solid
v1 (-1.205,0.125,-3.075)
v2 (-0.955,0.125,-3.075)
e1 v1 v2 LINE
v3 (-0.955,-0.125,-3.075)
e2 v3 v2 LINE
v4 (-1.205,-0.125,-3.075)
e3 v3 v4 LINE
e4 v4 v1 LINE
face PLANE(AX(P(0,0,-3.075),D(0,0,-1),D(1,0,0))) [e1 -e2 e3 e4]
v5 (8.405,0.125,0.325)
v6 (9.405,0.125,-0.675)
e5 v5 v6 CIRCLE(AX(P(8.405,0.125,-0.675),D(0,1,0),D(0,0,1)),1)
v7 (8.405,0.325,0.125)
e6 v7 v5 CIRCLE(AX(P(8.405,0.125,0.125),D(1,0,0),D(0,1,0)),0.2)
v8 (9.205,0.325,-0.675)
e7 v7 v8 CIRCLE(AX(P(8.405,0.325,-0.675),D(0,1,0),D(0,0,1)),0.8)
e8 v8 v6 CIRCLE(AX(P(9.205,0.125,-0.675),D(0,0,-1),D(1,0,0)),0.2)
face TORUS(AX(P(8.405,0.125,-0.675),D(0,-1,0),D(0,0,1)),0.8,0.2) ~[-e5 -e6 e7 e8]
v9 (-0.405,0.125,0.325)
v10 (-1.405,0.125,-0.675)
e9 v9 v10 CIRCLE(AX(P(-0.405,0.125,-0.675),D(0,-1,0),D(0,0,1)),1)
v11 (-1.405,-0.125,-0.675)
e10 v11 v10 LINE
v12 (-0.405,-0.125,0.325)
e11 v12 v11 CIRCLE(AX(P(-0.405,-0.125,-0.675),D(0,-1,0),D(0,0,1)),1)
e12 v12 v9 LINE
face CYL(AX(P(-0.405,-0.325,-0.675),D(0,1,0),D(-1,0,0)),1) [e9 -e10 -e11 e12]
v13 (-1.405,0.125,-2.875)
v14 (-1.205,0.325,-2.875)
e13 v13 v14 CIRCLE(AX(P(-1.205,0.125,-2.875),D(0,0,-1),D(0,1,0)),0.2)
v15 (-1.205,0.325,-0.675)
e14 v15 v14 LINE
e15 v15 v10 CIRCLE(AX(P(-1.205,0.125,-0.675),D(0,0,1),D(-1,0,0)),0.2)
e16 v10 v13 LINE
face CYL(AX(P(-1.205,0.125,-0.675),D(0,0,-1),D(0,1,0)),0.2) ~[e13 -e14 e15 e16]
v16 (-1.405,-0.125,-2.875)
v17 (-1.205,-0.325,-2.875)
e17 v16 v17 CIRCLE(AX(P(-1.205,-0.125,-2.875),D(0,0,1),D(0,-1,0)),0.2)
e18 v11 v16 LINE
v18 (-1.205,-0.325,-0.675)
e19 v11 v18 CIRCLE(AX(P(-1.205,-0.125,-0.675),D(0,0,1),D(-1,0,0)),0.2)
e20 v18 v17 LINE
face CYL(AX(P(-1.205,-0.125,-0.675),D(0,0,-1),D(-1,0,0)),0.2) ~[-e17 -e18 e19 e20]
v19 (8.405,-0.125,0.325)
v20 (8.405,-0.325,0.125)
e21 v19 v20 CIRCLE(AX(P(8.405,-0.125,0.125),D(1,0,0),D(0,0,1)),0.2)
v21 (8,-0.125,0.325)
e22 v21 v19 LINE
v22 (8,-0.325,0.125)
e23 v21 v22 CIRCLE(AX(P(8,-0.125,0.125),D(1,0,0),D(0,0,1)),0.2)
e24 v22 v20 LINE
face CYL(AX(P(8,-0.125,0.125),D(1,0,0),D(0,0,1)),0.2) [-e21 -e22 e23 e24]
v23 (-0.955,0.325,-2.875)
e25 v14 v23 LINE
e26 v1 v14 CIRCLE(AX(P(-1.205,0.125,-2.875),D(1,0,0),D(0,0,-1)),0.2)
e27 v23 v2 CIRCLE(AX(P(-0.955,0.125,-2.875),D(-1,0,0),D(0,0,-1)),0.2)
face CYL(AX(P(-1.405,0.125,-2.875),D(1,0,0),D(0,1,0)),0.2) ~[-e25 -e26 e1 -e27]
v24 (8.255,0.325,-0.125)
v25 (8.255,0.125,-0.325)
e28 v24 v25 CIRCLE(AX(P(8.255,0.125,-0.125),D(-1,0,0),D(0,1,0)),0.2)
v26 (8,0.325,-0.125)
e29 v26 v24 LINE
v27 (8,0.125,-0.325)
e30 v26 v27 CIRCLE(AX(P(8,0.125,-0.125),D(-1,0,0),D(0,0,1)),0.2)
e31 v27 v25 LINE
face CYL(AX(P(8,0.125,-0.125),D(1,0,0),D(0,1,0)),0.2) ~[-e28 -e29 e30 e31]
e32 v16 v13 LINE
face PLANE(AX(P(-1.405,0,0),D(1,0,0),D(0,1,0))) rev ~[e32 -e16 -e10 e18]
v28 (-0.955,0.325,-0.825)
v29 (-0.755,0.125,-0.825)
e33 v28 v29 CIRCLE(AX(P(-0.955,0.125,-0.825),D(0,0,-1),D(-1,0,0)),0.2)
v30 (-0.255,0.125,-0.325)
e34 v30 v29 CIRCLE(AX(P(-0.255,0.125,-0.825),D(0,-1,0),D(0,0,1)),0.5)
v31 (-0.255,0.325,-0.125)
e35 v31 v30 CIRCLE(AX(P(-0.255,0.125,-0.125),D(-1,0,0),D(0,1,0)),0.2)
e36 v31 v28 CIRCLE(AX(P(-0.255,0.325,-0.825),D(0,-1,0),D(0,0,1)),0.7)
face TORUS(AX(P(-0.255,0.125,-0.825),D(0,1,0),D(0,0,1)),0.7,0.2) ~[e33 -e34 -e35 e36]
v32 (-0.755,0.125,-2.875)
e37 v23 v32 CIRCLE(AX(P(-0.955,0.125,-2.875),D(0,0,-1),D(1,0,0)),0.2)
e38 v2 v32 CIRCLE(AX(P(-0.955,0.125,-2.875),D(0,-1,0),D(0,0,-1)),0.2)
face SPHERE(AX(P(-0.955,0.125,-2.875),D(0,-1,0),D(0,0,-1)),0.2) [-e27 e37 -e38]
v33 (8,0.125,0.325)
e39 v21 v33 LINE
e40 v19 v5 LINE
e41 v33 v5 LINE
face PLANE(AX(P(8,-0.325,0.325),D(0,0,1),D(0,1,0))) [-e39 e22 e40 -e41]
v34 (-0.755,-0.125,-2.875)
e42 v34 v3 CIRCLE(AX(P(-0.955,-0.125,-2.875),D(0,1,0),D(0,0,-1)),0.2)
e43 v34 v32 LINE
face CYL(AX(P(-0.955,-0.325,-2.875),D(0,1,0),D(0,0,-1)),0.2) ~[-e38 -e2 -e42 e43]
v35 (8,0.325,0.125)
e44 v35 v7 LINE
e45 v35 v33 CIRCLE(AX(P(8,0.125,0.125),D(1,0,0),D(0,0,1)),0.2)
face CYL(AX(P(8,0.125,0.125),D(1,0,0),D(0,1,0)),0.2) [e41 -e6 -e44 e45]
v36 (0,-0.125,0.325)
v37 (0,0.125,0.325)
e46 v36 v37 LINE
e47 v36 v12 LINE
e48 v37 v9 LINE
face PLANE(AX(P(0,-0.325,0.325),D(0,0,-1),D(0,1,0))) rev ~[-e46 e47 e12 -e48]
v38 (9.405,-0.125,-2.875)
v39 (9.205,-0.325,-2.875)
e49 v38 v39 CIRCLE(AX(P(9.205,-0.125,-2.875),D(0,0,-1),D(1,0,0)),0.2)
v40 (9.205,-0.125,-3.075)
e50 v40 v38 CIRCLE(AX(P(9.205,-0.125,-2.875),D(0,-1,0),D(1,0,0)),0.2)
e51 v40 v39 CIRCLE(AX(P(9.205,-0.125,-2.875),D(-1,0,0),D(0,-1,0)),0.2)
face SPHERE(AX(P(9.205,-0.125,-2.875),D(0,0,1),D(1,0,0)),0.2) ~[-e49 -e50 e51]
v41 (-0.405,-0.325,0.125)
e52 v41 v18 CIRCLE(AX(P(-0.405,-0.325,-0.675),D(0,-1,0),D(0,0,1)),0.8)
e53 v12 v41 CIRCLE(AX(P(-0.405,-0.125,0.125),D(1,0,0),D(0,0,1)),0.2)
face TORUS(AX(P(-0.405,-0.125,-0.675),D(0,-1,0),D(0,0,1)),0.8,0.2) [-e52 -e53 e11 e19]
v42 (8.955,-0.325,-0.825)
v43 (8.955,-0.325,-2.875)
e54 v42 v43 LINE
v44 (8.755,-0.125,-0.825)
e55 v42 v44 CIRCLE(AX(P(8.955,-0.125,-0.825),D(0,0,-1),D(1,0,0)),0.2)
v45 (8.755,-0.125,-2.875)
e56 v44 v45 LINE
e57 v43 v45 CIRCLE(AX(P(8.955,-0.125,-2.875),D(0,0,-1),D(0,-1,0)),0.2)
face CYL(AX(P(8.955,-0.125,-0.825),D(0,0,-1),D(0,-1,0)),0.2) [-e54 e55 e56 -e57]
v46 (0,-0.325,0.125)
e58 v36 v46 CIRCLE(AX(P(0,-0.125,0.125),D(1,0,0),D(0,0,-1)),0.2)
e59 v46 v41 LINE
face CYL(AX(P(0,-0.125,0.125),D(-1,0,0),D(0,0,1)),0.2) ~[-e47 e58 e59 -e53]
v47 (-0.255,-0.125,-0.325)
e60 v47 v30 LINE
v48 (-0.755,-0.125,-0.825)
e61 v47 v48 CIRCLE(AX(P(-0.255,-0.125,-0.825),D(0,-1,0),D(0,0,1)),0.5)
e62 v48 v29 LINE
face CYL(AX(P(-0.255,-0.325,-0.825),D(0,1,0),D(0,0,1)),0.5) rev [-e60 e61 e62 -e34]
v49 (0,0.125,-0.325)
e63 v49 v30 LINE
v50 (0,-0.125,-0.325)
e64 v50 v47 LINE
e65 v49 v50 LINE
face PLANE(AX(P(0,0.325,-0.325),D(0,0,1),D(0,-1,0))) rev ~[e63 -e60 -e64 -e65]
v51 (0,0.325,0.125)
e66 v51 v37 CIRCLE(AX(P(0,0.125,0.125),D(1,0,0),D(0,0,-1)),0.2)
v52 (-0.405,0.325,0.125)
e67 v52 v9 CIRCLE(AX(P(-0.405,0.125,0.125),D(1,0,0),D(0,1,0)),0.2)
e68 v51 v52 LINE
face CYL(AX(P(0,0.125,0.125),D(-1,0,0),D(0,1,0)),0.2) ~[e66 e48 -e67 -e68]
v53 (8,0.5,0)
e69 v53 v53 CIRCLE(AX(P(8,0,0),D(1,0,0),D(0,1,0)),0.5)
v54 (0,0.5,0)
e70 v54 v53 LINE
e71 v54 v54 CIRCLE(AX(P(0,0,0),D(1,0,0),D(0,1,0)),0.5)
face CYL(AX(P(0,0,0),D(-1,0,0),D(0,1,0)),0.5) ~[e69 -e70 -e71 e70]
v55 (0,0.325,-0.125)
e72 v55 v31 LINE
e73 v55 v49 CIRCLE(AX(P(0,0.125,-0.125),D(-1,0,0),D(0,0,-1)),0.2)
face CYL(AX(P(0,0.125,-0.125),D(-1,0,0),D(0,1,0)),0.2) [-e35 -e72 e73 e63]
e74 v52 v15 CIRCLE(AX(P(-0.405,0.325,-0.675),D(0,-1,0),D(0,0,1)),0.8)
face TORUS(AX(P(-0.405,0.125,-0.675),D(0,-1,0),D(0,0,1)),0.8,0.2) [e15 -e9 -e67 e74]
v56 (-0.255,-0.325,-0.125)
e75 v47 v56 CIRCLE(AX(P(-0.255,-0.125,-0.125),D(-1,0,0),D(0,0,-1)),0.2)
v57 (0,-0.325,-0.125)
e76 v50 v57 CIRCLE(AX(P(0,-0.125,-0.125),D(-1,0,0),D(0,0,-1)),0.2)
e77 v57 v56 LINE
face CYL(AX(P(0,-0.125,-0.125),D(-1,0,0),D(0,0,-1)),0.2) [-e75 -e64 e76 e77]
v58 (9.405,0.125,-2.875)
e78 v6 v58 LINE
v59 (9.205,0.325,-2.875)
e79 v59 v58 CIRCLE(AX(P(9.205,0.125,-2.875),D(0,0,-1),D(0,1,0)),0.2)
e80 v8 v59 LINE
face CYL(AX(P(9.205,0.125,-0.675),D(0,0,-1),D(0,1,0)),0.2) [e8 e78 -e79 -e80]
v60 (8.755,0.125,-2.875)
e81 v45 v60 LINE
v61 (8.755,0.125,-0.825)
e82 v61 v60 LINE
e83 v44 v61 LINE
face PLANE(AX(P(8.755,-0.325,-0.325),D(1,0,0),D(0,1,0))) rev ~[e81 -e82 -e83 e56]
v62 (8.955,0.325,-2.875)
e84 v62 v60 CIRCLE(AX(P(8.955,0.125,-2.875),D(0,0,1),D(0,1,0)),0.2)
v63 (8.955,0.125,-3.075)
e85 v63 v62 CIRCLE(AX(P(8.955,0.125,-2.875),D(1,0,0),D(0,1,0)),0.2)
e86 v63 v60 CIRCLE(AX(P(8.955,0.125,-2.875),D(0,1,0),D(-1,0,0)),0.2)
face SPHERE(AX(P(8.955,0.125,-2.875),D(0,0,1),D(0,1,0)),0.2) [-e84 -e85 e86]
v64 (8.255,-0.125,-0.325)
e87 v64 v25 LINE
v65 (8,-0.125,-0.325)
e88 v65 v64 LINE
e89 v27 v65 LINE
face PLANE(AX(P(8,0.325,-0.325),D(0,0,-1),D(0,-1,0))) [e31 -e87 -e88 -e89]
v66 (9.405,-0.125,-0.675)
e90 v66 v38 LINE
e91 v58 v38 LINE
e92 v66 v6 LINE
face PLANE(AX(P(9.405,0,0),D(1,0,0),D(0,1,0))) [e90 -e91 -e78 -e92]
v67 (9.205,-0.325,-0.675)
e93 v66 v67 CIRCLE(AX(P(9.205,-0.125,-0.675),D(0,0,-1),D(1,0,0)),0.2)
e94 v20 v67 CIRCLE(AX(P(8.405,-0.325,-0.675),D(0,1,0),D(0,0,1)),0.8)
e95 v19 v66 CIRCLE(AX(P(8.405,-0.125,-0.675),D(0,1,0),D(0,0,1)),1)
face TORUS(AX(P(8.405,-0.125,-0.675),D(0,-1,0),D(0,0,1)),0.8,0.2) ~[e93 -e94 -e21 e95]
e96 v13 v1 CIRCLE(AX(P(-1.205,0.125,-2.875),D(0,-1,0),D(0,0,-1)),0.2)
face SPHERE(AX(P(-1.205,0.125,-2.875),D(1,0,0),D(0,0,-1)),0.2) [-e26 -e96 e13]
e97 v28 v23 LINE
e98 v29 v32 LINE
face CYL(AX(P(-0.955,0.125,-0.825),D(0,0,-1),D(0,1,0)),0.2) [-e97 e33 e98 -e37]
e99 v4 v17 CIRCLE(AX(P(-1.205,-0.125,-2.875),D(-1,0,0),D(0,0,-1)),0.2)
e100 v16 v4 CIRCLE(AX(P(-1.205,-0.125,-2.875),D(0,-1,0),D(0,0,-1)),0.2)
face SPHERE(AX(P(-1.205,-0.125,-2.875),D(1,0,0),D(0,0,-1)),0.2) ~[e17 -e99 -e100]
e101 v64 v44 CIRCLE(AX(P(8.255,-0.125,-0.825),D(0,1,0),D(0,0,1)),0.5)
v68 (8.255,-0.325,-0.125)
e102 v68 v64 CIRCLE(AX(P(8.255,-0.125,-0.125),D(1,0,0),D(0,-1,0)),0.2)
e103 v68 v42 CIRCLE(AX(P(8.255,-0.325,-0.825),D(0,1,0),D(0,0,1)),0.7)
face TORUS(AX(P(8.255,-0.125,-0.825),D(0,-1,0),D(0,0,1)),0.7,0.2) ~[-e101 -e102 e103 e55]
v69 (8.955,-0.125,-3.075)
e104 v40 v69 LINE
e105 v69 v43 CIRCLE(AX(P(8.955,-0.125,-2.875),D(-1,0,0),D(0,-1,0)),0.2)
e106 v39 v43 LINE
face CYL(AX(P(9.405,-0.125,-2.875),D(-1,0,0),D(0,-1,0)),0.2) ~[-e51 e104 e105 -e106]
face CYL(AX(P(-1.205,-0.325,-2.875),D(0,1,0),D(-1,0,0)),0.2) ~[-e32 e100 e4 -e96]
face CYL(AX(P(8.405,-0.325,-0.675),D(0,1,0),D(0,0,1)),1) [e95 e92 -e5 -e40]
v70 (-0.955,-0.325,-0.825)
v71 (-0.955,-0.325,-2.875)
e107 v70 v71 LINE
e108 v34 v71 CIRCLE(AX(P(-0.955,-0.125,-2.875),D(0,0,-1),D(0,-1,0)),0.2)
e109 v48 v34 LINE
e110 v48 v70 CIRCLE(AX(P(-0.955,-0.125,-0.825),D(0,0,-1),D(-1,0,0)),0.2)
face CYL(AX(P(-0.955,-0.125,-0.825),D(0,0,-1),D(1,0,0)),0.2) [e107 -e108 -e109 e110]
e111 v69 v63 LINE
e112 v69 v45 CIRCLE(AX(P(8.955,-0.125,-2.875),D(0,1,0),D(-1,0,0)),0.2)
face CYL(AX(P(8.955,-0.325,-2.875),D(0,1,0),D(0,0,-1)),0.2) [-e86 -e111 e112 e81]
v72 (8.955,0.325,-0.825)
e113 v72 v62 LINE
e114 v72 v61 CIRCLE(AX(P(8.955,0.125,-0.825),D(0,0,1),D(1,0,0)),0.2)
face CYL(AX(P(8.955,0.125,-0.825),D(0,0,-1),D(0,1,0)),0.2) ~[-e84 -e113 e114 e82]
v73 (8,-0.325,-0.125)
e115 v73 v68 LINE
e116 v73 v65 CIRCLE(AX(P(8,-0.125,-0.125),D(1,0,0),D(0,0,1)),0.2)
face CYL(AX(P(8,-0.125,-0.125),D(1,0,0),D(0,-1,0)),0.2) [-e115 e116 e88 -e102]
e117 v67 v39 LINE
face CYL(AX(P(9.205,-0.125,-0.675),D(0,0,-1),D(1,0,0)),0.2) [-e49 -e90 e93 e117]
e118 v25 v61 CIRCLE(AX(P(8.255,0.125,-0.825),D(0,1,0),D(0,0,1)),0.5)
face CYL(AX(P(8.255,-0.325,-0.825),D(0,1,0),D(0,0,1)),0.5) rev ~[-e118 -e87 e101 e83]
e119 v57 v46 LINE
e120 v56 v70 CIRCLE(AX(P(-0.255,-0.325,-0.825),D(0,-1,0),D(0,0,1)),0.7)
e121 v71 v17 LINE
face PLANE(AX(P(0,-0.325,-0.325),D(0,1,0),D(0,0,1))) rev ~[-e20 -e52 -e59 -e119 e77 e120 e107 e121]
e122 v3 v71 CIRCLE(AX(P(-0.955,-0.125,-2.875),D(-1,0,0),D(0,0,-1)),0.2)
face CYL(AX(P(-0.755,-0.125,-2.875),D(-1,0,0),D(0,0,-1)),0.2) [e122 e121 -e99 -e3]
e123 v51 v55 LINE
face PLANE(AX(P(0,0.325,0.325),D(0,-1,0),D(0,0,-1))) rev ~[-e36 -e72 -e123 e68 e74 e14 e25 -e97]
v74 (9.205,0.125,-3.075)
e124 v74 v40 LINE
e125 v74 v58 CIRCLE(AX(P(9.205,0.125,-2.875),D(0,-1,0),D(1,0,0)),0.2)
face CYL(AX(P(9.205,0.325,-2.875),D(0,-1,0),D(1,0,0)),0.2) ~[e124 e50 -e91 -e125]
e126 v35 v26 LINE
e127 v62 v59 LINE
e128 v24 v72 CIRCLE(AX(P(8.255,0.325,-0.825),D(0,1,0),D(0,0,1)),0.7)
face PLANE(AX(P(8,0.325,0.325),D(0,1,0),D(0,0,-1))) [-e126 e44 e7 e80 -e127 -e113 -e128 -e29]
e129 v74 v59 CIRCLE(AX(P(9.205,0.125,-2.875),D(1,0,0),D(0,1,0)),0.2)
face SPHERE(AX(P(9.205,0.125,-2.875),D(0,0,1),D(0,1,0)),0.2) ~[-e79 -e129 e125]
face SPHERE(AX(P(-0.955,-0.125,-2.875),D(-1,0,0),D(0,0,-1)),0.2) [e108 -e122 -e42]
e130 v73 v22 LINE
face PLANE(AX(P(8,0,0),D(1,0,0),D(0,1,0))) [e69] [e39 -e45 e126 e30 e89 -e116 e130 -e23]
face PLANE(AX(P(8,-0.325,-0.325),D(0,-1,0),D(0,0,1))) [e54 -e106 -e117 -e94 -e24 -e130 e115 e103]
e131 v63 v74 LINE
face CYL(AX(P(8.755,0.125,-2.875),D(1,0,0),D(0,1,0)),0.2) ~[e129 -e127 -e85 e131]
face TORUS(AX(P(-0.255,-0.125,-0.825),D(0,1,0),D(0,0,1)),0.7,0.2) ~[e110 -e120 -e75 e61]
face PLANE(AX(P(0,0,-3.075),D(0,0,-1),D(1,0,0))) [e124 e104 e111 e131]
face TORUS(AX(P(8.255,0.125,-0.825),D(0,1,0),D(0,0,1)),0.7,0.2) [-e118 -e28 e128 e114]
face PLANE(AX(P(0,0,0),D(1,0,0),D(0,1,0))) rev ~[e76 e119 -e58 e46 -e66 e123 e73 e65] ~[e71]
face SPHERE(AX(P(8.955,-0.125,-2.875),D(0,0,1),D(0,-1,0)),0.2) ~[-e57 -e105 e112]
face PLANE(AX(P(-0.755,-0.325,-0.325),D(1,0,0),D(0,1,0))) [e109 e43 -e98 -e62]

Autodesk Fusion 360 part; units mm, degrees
sketch "Sketch1" plane through (0, 0, 0) normal (1, 0, 0) x (0, 1, 0)
  circle A0 centre (0, 0) radius 0.5
  line L0 (0.325, -0.325) -> (-0.325, -0.325)
  line L1 (-0.325, -0.325) -> (-0.325, 0.325)
  line L2 (-0.325, 0.325) -> (0.325, 0.325)
  line L3 (0.325, 0.325) -> (0.325, -0.325)
  line L4 (0.325, -0.325) -> (-0.325, 0.325) construction
  line L5 (-0.325, -0.325) -> (0.325, 0.325) construction
  dimension "d1" = 1
  dimension "d2" = 0.65
  dimension "d3" = 0.65
extrude "Extrude1" add sketch "Sketch1" along normal blind 8 contours A0 | L0 L1 L2 L3
sketch "Sketch2" plane through (8, 0, 0) normal (1, 0, 0) x (0, 1, 0)
  circle A0 centre (0, 0) radius 0.5
  line L0 (0.325, -0.325) -> (-0.325, -0.325)
  line L1 (-0.325, -0.325) -> (-0.325, 0.325)
  line L2 (-0.325, 0.325) -> (0.325, 0.325)
  line L3 (0.325, 0.325) -> (0.325, -0.325)
  line L4 (0.325, -0.325) -> (-0.325, 0.325) construction
  line L5 (-0.325, -0.325) -> (0.325, 0.325) construction
  dimension "d8" = 0.65
  dimension "d9" = 0.65
extrude "Extrude2" add sketch "Sketch2" along normal blind 1.405 contours L0 L1 L2 L3
extrude "Extrude3" add sketch "Sketch1" against normal blind 1.405 contours L0 L1 L2 L3
sketch "Sketch3" plane through (0, 0, -0.325) normal (0, 0, -1) x (1, 0, 0)
  line L0 (8, 0.325) -> (8, -0.325)
  line L1 (8, -0.325) -> (9.405, -0.325)
  line L2 (9.405, -0.325) -> (9.405, 0.325)
  line L3 (9.405, 0.325) -> (8, 0.325)
  line L4 (9.405, 0.325) -> (8.755, 0.325)
  line L5 (8.755, 0.325) -> (8.755, -0.325)
  line L6 (8.755, -0.325) -> (9.405, -0.325)
  line L7 (9.405, -0.325) -> (9.405, 0.325)
  line L8 (9.405, 0.325) -> (8.755, -0.325) construction
  line L9 (8.755, 0.325) -> (9.405, -0.325) construction
  point P0 (9.08, 0)
  dimension "d14" = 0.65
  dimension "d15" = 0.65
sketch "Sketch4" plane through (0, 0, -0.325) normal (0, 0, -1) x (1, 0, 0)
  line L0 (0, -0.325) -> (0, 0.325)
  line L1 (0, 0.325) -> (-1.405, 0.325)
  line L2 (-1.405, 0.325) -> (-1.405, -0.325)
  line L3 (-1.405, -0.325) -> (0, -0.325)
  line L4 (-0.755, -0.325) -> (-1.405, -0.325)
  line L5 (-1.405, -0.325) -> (-1.405, 0.325)
  line L6 (-1.405, 0.325) -> (-0.755, 0.325)
  line L7 (-0.755, 0.325) -> (-0.755, -0.325)
  line L8 (-0.755, -0.325) -> (-1.405, 0.325) construction
  line L9 (-1.405, -0.325) -> (-0.755, 0.325) construction
  point P0 (-1.08, 0)
  dimension "d17" = 0.65
  dimension "d18" = 0.65
extrude "Extrude4" add sketch "Sketch4" sketch "Sketch3" along normal blind 2.75 contours L1 L2 L3 L4 L5 L6 L7 of sketch 2 contours L1 L2 L3 L4 L5 L6 L7
fillet "Fillet1" radius 0.5 2 edges at (-0.755, 0, -0.325) (8.755, 0, -0.325)
fillet "Fillet2" radius 1 2 edges at (-1.405, 0, 0.325) (9.405, 0, 0.325)
fillet "Fillet3" radius 0.2 28 edges at (-1.08, -0.325, -3.075) (-0.755, 0, -3.075) (-1.08, 0.325, -3.075) (-1.405, 0, -3.075) (-0.6086, -0.325, -0.4714) (-0.755, -0.325, -1.95) (-0.2025, -0.325, 0.325) (-1.1121, -0.325, 0.0321) (-1.405, -0.325, -1.875) (-0.2025, 0.325, 0.325) (-1.1121, 0.325, 0.0321) (-1.405, 0.325, -1.875) (-0.6086, 0.325, -0.4714) (-0.755, 0.325, -1.95) (8.2025, -0.325, 0.325) (9.1121, -0.325, 0.0321) (9.405, -0.325, -1.875) (8.755, -0.325, -1.95) (8.6086, -0.325, -0.4714) (9.405, 0.325, -1.875) (9.1121, 0.325, 0.0321) (8.2025, 0.325, 0.325) (8.6086, 0.325, -0.4714) (8.755, 0.325, -1.95) (9.08, 0.325, -3.075) (9.405, 0, -3.075) (9.08, -0.325, -3.075) (8.755, 0, -3.075)
equation "d1 = width"
equation "d2 = d3"
equation "d3 = d1 * 0.65"
equation "width = 1 mm"
equation "baseLenght = 8 mm"
equation "d6 = baseLenght"
equation "d8 = width * 0.65"
equation "d9 = d8"
equation "d10 = ( ( 2.54 * ceil(( baseLenght + 1.3 * width ) / 2.54 mm) ) * 1 mm + 0.65 * width - baseLenght ) / 2"
equation "d12 = -( ( 2.54 * ceil(( baseLenght + 1.3 * width ) / 2.54 mm) ) * 1 mm + 0.65 * width - baseLenght ) / 2"
equation "d14 = width * 0.65"
equation "d15 = d14"
equation "d17 = width * 0.65"
equation "d18 = d17"
equation "d26 = 0.2 * width"
